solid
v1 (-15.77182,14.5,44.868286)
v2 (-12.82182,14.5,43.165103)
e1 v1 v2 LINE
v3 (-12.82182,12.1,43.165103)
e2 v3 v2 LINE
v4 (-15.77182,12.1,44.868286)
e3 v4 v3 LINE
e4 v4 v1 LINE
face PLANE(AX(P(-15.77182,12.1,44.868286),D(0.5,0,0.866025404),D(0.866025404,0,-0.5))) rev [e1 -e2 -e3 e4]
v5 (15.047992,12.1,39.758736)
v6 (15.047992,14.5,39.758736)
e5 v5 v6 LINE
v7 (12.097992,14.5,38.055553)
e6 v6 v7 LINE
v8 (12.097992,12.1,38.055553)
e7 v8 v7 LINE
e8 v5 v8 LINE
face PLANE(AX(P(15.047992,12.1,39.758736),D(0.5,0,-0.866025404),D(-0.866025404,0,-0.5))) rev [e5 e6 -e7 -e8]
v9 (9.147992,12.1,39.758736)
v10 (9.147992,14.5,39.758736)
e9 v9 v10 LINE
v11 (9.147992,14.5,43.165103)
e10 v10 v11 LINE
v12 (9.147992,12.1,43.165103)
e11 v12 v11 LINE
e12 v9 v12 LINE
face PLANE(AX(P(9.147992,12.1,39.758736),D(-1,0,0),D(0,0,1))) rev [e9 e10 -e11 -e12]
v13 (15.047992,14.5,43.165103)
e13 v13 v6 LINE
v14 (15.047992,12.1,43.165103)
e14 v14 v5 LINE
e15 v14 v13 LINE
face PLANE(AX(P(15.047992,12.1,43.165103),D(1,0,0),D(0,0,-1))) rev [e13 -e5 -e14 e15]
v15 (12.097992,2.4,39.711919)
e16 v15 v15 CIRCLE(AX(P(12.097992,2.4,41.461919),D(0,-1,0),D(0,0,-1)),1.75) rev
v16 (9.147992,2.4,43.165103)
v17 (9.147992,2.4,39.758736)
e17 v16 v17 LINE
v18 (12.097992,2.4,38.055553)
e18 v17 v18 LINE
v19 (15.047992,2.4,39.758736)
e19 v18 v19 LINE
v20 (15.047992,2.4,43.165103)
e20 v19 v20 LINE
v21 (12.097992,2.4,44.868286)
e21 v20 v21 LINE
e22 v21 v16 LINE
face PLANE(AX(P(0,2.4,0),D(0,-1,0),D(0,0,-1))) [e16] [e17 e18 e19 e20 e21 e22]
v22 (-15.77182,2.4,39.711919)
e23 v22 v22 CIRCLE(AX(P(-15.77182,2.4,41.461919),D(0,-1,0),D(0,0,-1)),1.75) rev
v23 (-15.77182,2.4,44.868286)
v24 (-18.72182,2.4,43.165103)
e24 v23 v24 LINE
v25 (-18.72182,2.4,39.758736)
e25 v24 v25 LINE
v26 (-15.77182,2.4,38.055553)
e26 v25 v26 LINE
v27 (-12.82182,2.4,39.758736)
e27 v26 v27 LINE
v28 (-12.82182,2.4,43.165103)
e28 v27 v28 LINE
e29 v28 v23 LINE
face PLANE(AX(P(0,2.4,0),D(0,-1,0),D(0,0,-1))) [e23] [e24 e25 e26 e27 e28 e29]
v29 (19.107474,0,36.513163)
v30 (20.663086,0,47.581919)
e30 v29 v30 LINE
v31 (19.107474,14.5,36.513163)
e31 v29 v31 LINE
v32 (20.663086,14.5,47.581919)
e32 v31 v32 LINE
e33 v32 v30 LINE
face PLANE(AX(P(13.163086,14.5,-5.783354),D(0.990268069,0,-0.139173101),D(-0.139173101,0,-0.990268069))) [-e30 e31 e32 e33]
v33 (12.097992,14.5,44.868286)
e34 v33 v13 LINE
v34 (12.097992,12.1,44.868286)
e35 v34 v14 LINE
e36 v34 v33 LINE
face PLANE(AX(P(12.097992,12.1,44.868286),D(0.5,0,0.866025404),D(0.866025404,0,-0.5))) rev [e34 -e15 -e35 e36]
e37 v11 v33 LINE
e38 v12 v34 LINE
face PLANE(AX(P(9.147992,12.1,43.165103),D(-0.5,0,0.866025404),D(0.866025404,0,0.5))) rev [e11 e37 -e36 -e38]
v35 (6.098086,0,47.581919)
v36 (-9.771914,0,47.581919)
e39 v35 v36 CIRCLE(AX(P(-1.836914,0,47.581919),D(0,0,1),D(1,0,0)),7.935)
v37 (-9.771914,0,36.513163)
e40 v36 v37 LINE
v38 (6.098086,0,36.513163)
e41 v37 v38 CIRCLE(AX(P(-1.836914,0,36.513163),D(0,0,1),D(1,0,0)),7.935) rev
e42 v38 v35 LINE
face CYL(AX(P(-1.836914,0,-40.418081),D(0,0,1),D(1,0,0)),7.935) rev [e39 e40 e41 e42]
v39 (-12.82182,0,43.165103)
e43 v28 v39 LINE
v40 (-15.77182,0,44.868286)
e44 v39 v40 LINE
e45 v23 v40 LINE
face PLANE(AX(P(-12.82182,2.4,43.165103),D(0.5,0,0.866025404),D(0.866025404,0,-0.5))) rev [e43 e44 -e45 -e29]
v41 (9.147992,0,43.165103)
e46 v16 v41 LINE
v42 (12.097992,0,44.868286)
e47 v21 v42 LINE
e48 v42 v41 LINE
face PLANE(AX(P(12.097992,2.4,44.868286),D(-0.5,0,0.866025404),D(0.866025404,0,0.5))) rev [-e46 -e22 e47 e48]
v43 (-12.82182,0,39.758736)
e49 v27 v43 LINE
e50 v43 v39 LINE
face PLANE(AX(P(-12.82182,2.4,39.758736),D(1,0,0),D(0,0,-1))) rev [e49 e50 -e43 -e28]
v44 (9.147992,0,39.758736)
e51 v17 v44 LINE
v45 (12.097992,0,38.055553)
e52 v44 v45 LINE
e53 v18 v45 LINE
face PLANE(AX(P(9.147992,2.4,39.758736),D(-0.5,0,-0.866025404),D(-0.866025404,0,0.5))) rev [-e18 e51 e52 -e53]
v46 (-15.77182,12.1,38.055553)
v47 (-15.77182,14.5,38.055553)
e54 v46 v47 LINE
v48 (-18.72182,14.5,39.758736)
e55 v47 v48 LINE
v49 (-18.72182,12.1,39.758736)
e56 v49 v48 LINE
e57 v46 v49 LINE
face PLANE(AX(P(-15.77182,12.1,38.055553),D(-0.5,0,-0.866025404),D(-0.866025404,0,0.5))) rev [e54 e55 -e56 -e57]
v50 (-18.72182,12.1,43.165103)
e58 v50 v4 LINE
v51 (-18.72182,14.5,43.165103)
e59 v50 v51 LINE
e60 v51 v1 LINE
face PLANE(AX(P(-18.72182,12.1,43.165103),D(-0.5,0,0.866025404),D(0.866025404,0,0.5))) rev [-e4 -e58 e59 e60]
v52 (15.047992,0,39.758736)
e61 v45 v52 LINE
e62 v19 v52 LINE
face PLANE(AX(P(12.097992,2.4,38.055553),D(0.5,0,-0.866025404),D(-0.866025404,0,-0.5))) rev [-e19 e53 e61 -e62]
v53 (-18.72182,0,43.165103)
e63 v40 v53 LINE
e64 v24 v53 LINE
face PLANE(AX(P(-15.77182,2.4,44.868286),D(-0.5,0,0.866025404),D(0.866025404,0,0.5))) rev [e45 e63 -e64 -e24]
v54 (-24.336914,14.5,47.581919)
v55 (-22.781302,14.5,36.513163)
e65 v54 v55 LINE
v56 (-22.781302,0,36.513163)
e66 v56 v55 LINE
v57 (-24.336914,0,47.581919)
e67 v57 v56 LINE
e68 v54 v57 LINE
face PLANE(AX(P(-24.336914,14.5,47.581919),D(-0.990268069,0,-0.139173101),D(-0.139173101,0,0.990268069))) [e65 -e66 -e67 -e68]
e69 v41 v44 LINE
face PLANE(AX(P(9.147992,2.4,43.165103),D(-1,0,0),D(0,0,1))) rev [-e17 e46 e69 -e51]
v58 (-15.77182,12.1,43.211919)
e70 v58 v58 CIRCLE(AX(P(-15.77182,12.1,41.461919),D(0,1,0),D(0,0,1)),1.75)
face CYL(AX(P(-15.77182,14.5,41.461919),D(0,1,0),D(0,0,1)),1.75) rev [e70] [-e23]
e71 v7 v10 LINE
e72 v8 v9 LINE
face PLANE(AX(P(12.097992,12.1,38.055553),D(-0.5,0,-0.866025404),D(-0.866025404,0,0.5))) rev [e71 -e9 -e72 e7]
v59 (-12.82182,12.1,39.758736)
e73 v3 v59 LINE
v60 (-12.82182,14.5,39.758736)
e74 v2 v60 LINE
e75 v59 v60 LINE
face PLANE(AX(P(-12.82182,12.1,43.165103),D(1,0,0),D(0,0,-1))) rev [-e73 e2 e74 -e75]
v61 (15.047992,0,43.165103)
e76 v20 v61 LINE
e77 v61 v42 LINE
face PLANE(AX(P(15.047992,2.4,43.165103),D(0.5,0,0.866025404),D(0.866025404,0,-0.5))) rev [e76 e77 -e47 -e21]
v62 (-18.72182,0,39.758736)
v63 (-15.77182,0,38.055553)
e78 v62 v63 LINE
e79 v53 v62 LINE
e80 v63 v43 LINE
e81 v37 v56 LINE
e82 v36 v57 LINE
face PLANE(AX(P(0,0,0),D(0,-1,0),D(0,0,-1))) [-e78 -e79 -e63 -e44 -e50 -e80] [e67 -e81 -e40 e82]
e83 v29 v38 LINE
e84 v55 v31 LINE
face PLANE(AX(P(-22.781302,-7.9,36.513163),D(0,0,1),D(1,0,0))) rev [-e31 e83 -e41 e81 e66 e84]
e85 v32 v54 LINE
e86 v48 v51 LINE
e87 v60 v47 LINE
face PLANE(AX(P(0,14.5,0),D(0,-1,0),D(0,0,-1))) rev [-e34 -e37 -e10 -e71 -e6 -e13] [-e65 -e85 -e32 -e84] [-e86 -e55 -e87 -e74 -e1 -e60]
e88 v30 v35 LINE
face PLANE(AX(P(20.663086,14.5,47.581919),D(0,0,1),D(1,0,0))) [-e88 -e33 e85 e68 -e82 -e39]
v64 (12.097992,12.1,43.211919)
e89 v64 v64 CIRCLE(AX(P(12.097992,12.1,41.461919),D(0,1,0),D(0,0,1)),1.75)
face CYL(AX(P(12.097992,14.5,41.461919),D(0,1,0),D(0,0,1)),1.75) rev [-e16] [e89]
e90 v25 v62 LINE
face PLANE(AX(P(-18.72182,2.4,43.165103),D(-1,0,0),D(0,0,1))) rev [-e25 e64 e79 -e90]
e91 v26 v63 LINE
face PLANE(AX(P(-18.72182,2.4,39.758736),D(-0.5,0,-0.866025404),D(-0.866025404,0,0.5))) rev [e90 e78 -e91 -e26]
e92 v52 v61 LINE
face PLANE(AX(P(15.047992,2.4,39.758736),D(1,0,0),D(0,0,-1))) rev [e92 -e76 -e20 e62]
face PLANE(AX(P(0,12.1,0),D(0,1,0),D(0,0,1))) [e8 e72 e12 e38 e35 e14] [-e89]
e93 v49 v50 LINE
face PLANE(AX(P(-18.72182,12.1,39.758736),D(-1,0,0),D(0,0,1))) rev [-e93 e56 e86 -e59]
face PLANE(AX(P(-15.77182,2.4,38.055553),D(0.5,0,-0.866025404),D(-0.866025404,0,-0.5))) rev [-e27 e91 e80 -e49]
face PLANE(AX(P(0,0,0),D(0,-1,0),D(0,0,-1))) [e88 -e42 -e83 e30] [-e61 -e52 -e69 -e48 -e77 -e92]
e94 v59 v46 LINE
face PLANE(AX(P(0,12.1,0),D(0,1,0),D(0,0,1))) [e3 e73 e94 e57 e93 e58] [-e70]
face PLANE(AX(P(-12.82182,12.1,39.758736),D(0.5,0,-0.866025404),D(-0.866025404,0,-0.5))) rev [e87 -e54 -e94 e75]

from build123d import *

# Parameters (mm, degrees)
BOSS_EXTRUDE3_DEPTH              = 14.5
SKETCH8_R                        = 7.935
CUT_EXTRUDE3_DEPTH               = 88
CUT_EXTRUDE9_DEPTH               = 2.4
F_39_0_13779528_DIAMETER_HOLE1_D = 3.500000112
CUT_EXTRUDE10_DEPTH              = 22.4
CUT_EXTRUDE11_DEPTH              = 2.4


with BuildPart() as part:
    # Sketch6 → Boss-Extrude3 (new body)
    with BuildSketch(Plane(origin=(0, 0, 0), x_dir=(1, 0, 0), z_dir=(0, 1, 0))):
        Polygon((-16.836914056, 5.783353512), (13.163085944, 5.783353512), (20.663085944, -47.581919406), (-24.336914056, -47.581919406), align=None)
    extrude(amount=BOSS_EXTRUDE3_DEPTH)

    # Sketch8 → Cut-Extrude3 (cut)
    with BuildSketch(Plane.XY.offset(47.581919406)):
        with Locations((-1.836914056, 0)):
            Circle(SKETCH8_R)
    extrude(amount=-CUT_EXTRUDE3_DEPTH, mode=Mode.SUBTRACT)

    # Sketch18 → Cut-Extrude9 (cut)
    with BuildSketch(Plane(origin=(0, 14.5, 0), x_dir=(1, 0, 0), z_dir=(0, 1, 0))):
        Polygon((-15.771819769, -44.868285994), (-12.821819769, -43.1651027), (-12.821819769, -39.758736112), (-15.771819769, -38.055552818), (-18.721819769, -39.758736112), (-18.721819769, -43.1651027), align=None)
        Polygon((12.097991657, -44.868285994), (15.047991657, -43.1651027), (15.047991657, -39.758736112), (12.097991657, -38.055552818), (9.147991657, -39.758736112), (9.147991657, -43.1651027), align=None)
        Polygon((11.389331688, -26.016021021), (14.389331688, -24.283970214), (14.389331688, -20.819868599), (11.389331688, -19.087817791), (8.389331688, -20.819868599), (8.389331688, -24.283970214), align=None)
        Polygon((-15.0631598, -26.016021021), (-12.0631598, -24.283970214), (-12.0631598, -20.819868599), (-15.0631598, -19.087817791), (-18.0631598, -20.819868599), (-18.0631598, -24.283970214), align=None)
    extrude(amount=-CUT_EXTRUDE9_DEPTH, mode=Mode.SUBTRACT)

    # #39 (0.13779528) Diameter Hole1 (through all)
    with Locations(Plane(origin=(-15.0631598, 14.5, 22.551919406), x_dir=(0, 0, 1), z_dir=(0, 1, 0))):
        with Locations((0, 0), (0, 26.452491488), (18.91, -0.708659969), (18.91, 27.161151457)):
            Hole(F_39_0_13779528_DIAMETER_HOLE1_D / 2)

    # Sketch22 → Cut-Extrude10 (cut)
    with BuildSketch(Plane(origin=(0, 14.5, 0), x_dir=(1, 0, 0), z_dir=(0, 1, 0))):
        Polygon((-22.781301734, -36.51316259), (19.107473622, -36.51316259), (13.163085944, 5.783353512), (-16.836914056, 5.783353512), align=None)
    extrude(amount=-CUT_EXTRUDE10_DEPTH, mode=Mode.SUBTRACT)

    # Sketch24 → Cut-Extrude11 (cut)
    with BuildSketch(Plane.XZ):
        Polygon((-15.771819769, 38.055552818), (-12.821819769, 39.758736112), (-12.821819769, 43.1651027), (-15.771819769, 44.868285994), (-18.721819769, 43.1651027), (-18.721819769, 39.758736112), align=None)
        Polygon((12.097991657, 38.055552818), (15.047991657, 39.758736112), (15.047991657, 43.1651027), (12.097991657, 44.868285994), (9.147991657, 43.1651027), (9.147991657, 39.758736112), align=None)
    extrude(amount=-CUT_EXTRUDE11_DEPTH, mode=Mode.SUBTRACT)


solid = part.part
